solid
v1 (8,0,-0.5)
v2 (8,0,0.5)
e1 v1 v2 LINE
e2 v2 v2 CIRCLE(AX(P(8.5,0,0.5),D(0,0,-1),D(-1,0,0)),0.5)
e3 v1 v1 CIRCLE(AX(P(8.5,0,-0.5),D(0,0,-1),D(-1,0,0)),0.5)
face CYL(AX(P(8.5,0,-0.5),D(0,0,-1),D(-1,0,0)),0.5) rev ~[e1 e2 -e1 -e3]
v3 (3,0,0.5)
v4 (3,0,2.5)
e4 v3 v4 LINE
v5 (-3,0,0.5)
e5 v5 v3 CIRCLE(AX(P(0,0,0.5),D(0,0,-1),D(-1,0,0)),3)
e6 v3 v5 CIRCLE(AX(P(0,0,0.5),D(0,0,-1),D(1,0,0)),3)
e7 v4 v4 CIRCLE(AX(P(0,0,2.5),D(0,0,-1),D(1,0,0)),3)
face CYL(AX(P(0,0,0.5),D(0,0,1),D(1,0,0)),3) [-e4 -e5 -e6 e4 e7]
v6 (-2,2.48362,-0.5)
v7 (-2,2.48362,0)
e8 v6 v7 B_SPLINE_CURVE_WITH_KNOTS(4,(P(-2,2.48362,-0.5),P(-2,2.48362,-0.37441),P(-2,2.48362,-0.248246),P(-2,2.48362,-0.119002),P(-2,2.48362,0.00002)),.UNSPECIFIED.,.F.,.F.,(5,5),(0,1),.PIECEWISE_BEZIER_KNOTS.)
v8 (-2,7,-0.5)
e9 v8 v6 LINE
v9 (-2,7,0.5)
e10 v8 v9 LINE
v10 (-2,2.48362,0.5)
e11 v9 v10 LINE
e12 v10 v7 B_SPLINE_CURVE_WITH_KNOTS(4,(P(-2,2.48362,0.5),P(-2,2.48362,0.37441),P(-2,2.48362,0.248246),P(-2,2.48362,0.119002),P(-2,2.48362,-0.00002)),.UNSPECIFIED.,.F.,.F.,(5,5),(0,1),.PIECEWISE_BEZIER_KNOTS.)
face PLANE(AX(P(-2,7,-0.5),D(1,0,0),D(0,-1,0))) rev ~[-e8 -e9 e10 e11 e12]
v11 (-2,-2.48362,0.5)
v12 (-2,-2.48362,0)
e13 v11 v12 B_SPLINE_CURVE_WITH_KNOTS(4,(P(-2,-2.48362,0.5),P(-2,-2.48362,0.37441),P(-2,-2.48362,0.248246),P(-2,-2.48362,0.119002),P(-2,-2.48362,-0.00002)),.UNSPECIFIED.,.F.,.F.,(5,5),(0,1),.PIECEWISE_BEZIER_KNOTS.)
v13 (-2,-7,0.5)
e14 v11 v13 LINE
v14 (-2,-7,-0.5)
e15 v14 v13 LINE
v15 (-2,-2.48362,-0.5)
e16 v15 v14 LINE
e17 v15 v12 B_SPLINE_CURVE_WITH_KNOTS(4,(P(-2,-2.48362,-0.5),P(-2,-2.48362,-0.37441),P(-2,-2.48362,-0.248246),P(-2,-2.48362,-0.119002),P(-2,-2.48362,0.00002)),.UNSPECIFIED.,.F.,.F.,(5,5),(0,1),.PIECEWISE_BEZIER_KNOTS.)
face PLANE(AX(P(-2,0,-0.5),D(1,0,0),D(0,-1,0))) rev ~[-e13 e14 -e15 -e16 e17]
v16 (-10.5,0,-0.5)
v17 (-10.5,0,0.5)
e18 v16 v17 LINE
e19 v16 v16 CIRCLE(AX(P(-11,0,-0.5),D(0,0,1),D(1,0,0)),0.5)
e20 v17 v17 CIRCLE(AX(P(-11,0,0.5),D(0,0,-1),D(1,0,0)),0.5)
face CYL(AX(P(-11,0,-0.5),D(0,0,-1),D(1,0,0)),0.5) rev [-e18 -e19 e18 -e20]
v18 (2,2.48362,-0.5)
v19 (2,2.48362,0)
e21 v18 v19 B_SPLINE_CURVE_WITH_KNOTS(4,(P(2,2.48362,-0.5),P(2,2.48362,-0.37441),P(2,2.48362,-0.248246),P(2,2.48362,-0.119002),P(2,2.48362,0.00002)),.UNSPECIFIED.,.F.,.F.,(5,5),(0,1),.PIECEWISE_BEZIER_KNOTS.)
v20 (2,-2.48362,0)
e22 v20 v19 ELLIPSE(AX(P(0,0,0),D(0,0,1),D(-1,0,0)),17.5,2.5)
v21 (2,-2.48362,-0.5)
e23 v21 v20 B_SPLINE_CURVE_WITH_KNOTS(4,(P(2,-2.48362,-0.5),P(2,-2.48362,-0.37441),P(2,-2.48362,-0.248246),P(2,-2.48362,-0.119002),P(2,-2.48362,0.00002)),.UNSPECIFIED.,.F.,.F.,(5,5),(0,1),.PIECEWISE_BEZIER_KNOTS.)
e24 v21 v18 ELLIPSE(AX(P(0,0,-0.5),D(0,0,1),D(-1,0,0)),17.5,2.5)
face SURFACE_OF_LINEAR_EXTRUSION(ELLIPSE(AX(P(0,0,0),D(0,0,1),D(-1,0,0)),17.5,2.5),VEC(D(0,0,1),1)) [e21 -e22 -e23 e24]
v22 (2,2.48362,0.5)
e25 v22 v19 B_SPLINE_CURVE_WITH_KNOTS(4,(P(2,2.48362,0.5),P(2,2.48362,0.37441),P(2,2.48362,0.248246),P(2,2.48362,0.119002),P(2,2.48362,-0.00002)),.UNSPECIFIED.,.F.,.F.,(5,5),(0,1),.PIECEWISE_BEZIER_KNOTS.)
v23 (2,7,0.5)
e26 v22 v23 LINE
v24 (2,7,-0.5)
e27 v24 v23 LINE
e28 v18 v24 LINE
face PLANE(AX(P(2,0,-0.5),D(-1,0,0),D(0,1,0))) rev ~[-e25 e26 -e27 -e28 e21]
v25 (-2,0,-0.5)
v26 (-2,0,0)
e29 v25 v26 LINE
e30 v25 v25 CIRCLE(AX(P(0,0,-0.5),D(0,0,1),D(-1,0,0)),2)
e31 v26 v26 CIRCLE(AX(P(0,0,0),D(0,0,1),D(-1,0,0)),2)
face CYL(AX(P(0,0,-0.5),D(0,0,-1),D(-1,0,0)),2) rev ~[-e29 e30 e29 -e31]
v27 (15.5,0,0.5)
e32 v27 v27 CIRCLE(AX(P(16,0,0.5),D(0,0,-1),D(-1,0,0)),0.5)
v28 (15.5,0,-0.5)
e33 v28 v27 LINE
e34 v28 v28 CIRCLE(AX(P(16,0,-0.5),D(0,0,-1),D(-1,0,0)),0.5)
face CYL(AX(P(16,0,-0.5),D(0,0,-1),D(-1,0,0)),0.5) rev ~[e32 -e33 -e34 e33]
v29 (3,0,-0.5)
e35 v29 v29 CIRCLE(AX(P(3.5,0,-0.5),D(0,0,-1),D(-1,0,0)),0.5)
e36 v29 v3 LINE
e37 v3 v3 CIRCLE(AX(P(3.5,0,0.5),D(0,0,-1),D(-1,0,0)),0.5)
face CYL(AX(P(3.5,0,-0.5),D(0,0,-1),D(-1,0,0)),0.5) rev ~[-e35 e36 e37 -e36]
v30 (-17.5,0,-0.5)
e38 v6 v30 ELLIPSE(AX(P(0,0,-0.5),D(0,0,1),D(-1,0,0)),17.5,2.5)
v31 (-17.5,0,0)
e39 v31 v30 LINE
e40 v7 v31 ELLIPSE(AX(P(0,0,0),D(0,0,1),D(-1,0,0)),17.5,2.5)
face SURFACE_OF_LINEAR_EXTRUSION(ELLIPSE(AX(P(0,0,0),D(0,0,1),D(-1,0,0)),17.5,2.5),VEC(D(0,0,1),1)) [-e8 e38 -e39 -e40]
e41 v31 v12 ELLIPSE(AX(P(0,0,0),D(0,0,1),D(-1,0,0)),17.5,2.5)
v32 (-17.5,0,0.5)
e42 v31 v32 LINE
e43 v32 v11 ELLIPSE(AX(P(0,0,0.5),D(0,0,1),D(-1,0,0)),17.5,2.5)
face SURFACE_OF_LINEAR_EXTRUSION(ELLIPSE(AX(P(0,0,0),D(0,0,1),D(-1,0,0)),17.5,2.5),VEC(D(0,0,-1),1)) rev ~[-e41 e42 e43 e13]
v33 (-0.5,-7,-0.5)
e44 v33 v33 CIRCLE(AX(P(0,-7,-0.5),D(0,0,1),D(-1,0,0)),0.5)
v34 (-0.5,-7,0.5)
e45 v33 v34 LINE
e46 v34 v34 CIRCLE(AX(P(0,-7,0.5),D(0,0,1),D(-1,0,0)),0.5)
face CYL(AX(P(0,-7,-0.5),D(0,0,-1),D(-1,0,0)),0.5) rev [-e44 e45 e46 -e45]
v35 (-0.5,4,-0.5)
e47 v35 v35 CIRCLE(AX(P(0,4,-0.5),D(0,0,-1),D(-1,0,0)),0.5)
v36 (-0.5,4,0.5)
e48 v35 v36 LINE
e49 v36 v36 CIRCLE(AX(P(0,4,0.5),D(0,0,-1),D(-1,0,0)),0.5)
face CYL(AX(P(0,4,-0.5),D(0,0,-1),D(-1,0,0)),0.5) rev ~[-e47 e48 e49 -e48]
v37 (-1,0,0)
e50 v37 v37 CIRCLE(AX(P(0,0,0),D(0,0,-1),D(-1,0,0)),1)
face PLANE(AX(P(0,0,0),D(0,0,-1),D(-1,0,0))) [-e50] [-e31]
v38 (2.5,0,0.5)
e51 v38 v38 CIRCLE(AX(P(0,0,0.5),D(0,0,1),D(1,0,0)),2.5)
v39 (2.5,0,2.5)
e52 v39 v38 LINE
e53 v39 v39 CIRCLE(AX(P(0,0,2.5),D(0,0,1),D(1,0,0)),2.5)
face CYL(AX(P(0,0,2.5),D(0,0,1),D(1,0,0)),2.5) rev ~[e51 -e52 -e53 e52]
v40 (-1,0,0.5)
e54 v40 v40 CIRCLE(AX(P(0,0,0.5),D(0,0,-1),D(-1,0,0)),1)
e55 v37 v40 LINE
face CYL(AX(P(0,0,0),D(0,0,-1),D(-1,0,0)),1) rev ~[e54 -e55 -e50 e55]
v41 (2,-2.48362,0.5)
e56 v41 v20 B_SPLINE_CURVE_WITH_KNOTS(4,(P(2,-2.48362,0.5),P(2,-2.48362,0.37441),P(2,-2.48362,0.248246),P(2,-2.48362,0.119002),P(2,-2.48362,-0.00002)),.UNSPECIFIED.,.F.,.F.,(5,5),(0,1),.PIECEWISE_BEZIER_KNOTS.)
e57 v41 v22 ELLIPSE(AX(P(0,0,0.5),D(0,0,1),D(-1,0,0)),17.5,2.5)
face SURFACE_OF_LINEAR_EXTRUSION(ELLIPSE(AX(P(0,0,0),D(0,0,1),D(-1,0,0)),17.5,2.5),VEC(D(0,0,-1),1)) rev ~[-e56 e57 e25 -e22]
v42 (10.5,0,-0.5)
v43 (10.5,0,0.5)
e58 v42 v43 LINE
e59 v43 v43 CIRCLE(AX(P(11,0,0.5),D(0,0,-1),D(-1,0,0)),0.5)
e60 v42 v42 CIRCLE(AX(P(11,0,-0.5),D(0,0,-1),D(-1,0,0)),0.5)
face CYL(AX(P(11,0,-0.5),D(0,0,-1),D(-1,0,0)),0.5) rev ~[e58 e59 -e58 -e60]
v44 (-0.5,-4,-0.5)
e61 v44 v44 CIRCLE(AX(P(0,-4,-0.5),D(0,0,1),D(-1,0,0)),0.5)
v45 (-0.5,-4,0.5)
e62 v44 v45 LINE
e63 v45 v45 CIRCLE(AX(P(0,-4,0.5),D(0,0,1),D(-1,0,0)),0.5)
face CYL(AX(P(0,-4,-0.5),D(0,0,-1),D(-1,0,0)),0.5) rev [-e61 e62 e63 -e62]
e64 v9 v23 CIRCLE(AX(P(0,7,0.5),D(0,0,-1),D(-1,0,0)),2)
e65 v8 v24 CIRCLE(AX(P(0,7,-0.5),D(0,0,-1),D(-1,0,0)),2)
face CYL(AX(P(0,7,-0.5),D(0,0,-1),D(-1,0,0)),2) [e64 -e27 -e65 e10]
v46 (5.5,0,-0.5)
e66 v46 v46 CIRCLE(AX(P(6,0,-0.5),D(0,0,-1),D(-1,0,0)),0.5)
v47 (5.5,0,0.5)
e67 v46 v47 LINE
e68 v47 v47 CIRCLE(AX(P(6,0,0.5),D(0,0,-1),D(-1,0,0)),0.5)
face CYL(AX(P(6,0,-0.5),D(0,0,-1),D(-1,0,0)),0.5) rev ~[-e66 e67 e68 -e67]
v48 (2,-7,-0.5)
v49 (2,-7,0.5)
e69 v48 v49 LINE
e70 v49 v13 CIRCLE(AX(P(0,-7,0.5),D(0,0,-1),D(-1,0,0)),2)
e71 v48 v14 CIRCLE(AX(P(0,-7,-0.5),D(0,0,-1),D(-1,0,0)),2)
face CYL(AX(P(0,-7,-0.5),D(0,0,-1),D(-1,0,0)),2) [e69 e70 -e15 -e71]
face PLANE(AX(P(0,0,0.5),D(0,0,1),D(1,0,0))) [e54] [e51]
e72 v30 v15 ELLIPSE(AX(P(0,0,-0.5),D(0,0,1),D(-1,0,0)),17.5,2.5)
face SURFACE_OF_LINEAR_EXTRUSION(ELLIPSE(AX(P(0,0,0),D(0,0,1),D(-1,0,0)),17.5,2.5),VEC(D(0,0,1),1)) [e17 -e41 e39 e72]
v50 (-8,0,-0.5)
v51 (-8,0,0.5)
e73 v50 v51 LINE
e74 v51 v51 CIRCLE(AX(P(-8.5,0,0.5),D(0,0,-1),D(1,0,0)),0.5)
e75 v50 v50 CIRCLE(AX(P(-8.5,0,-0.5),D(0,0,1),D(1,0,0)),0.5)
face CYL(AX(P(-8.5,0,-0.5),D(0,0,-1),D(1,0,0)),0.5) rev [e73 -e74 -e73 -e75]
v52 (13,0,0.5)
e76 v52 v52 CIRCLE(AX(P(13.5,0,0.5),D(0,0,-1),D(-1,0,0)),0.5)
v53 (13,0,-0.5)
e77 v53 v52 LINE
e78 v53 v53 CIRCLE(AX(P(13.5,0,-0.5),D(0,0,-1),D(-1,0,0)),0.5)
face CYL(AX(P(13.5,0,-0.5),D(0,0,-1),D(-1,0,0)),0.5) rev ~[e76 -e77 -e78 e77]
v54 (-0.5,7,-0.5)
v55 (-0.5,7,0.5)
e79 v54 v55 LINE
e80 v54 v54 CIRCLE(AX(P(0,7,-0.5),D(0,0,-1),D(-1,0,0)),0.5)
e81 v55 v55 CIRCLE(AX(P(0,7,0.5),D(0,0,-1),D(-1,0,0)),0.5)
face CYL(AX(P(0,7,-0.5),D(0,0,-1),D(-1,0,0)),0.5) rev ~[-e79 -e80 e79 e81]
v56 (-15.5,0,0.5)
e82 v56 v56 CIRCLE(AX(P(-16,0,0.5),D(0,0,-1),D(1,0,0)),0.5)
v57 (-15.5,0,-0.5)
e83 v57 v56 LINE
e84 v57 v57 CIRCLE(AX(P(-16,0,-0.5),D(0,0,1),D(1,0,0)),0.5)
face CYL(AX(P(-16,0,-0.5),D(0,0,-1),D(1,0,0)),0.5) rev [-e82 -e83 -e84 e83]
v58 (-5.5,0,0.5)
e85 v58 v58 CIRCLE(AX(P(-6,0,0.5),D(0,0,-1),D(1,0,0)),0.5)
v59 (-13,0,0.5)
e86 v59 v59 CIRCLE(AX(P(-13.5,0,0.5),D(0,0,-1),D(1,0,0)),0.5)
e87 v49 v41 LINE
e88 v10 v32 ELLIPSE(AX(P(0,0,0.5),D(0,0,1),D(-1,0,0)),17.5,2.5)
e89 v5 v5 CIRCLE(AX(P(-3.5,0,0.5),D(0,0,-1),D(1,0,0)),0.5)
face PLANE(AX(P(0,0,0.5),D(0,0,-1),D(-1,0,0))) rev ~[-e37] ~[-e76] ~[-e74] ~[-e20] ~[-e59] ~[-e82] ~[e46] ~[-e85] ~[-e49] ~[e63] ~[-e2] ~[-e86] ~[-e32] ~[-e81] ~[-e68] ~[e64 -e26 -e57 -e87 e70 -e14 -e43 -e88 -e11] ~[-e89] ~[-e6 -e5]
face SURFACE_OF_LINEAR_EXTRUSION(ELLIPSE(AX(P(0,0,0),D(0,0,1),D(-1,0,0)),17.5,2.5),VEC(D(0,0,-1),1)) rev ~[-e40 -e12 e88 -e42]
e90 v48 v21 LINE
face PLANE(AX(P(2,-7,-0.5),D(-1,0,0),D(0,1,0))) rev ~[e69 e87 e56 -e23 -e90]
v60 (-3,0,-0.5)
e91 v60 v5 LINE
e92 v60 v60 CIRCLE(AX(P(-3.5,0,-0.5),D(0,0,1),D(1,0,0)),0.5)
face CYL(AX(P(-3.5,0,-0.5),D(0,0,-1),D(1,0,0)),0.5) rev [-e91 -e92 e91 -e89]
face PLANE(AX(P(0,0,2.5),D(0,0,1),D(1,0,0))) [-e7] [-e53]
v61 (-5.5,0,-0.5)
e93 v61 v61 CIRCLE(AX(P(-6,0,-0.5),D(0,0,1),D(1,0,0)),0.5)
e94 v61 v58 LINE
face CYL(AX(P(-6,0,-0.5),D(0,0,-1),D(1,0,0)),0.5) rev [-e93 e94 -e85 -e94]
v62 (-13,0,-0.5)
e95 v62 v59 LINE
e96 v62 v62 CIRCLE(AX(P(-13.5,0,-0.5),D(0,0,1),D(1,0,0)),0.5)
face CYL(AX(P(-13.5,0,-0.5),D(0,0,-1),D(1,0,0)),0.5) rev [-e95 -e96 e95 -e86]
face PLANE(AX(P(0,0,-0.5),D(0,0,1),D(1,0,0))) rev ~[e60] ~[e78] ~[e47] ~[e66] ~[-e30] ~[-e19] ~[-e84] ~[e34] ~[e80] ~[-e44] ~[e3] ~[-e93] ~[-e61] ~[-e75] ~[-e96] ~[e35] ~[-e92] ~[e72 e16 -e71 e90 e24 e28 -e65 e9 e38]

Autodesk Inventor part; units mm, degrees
ref_plane "YZ Plane" through (0, 0, 0) normal (1, 0, 0) x (0, 1, 0)
ref_plane "XZ Plane" through (0, 0, 0) normal (0, 1, 0) x (-1, 0, 0)
ref_plane "XY Plane" through (0, 0, 0) normal (0, 0, 1) x (1, 0, 0)
sketch "Sketch1" plane through (0, 0, 0) normal (0, 0, 1) x (1, 0, 0)
  ellipse E0 centre (0, 0) end of major axis (-17.5, 0) minor radius 2.5
  line L0 (0, 0) -> (0, -2.5)
  dimension "d0" = 17.5
  dimension "d1" = 2.5
extrude "Extrusion1" add sketch "Sketch1" along normal mid plane 1
sketch "Sketch2" plane through (0, 0, 0.5) normal (0, 0, 1) x (1, 0, 0)
  ellipse E0 centre (0, 0) end of major axis (17.5, 0) minor radius 2.5 projected
  circle A0 centre (0, 0) radius 3
  dimension "d4" = 6
extrude "Extrusion2" add sketch "Sketch2" along normal blind 2 and the other way blind 1 contours A0 E0 | E0 A0 | A0 E0 picked at (1.5591, 0) picked at (0.3978, 2.6587) picked at (0.3978, -2.6587)
sketch "Sketch3" plane through (0, 0, 2.5) normal (0, 0, 1) x (1, 0, 0)
  circle A0 centre (0, 0) radius 3 projected
  circle A1 centre (0, 0) radius 2.5
  dimension "d7" = 5
extrude "Extrusion3" cut sketch "Sketch3" against normal blind 2 contours A1
sketch "Sketch4" plane through (0, 0, -0.5) normal (0, 0, -1) x (-1, 0, 0)
  ellipse E0 centre (0, 0) end of major axis (-17.5, 0) minor radius 2.5 projected
  circle A0 centre (0, 0) radius 2
  dimension "d10" = 4
extrude "Extrusion4" cut sketch "Sketch4" against normal blind 0.5 contours A0
sketch "Sketch5" plane through (0, 0, 0) normal (0, 0, -1) x (-1, 0, 0)
  circle A0 centre (0, 0) radius 2 projected
  circle A1 centre (0, 0) radius 1
  dimension "d13" = 2
extrude "Extrusion5" cut sketch "Sketch5" against normal through all contours A1
sketch "Sketch6" plane through (0, 0, -0.5) normal (0, 0, -1) x (-1, 0, 0)
  ellipse E0 centre (0, 0) end of major axis (-17.5, 0) minor radius 2.5 projected
  circle A0 centre (-16, 0) radius 0.5
  line L0 (0, 0) -> (0, -1.2687)
  line L1 (0, 0) -> (-1.4808, 0)
  dimension "d16" = 1
  dimension "d17" = 16
extrude "Extrusion6" cut sketch "Sketch6" against normal through all contours A0
pattern_linear "Rectangular Pattern1" count 6 spacing 2.5 along (-1, 0, 0) of "Extrusion6"
mirror "Mirror2" about plane through (0, 0, 0) normal (1, 0, 0) of "Extrusion6", "Rectangular Pattern1"
sketch "Sketch7" plane through (0, 0, -0.5) normal (0, 0, -1) x (-1, 0, 0)
  circle A0 centre (0, 0) radius 2 projected
  arc A1 (1.6755, 2.4885) -> (-1.6755, 2.4885) centre (0, 0) ccw projected
  line L0 (2, -7) -> (-2, -7)
  line L1 (-2, -7) -> (-2, 7)
  line L2 (-2, 7) -> (2, 7)
  line L3 (2, 7) -> (2, -7)
  line L4 (0, 0) -> (0, 1.4793)
  line L5 (0, 0) -> (-1.001, 0)
  circle A2 centre (0, 7) radius 2
  circle A3 centre (0, -7) radius 2
  circle A4 centre (0, 0) radius 2
  point P0 (2, 0)
  dimension "d25" = 4
  dimension "d26" = 14
extrude "Extrusion7" add sketch "Sketch7" against normal blind 1 contours L3 A3 L1 A0 | A0 L1 A2 L3 | A2 L2 | L2 A2 | A3 L0 | L0 A3
sketch "Sketch8" plane through (0, 0, -0.5) normal (0, 0, -1) x (-1, 0, 0)
  arc A0 (2, 7) -> (-2, 7) centre (0, 7) ccw projected
  circle A1 centre (0, 7) radius 0.5
  dimension "d29" = 1
extrude "Extrusion8" cut sketch "Sketch8" against normal blind 1
pattern_linear "Rectangular Pattern2" count 2 spacing 3 along (0, -1, 0) of "Extrusion8"
mirror "Mirror3" about plane through (0, 0, 0) normal (0, 1, 0) of "Extrusion8", "Rectangular Pattern2"
properties material "PVC-Piping"
